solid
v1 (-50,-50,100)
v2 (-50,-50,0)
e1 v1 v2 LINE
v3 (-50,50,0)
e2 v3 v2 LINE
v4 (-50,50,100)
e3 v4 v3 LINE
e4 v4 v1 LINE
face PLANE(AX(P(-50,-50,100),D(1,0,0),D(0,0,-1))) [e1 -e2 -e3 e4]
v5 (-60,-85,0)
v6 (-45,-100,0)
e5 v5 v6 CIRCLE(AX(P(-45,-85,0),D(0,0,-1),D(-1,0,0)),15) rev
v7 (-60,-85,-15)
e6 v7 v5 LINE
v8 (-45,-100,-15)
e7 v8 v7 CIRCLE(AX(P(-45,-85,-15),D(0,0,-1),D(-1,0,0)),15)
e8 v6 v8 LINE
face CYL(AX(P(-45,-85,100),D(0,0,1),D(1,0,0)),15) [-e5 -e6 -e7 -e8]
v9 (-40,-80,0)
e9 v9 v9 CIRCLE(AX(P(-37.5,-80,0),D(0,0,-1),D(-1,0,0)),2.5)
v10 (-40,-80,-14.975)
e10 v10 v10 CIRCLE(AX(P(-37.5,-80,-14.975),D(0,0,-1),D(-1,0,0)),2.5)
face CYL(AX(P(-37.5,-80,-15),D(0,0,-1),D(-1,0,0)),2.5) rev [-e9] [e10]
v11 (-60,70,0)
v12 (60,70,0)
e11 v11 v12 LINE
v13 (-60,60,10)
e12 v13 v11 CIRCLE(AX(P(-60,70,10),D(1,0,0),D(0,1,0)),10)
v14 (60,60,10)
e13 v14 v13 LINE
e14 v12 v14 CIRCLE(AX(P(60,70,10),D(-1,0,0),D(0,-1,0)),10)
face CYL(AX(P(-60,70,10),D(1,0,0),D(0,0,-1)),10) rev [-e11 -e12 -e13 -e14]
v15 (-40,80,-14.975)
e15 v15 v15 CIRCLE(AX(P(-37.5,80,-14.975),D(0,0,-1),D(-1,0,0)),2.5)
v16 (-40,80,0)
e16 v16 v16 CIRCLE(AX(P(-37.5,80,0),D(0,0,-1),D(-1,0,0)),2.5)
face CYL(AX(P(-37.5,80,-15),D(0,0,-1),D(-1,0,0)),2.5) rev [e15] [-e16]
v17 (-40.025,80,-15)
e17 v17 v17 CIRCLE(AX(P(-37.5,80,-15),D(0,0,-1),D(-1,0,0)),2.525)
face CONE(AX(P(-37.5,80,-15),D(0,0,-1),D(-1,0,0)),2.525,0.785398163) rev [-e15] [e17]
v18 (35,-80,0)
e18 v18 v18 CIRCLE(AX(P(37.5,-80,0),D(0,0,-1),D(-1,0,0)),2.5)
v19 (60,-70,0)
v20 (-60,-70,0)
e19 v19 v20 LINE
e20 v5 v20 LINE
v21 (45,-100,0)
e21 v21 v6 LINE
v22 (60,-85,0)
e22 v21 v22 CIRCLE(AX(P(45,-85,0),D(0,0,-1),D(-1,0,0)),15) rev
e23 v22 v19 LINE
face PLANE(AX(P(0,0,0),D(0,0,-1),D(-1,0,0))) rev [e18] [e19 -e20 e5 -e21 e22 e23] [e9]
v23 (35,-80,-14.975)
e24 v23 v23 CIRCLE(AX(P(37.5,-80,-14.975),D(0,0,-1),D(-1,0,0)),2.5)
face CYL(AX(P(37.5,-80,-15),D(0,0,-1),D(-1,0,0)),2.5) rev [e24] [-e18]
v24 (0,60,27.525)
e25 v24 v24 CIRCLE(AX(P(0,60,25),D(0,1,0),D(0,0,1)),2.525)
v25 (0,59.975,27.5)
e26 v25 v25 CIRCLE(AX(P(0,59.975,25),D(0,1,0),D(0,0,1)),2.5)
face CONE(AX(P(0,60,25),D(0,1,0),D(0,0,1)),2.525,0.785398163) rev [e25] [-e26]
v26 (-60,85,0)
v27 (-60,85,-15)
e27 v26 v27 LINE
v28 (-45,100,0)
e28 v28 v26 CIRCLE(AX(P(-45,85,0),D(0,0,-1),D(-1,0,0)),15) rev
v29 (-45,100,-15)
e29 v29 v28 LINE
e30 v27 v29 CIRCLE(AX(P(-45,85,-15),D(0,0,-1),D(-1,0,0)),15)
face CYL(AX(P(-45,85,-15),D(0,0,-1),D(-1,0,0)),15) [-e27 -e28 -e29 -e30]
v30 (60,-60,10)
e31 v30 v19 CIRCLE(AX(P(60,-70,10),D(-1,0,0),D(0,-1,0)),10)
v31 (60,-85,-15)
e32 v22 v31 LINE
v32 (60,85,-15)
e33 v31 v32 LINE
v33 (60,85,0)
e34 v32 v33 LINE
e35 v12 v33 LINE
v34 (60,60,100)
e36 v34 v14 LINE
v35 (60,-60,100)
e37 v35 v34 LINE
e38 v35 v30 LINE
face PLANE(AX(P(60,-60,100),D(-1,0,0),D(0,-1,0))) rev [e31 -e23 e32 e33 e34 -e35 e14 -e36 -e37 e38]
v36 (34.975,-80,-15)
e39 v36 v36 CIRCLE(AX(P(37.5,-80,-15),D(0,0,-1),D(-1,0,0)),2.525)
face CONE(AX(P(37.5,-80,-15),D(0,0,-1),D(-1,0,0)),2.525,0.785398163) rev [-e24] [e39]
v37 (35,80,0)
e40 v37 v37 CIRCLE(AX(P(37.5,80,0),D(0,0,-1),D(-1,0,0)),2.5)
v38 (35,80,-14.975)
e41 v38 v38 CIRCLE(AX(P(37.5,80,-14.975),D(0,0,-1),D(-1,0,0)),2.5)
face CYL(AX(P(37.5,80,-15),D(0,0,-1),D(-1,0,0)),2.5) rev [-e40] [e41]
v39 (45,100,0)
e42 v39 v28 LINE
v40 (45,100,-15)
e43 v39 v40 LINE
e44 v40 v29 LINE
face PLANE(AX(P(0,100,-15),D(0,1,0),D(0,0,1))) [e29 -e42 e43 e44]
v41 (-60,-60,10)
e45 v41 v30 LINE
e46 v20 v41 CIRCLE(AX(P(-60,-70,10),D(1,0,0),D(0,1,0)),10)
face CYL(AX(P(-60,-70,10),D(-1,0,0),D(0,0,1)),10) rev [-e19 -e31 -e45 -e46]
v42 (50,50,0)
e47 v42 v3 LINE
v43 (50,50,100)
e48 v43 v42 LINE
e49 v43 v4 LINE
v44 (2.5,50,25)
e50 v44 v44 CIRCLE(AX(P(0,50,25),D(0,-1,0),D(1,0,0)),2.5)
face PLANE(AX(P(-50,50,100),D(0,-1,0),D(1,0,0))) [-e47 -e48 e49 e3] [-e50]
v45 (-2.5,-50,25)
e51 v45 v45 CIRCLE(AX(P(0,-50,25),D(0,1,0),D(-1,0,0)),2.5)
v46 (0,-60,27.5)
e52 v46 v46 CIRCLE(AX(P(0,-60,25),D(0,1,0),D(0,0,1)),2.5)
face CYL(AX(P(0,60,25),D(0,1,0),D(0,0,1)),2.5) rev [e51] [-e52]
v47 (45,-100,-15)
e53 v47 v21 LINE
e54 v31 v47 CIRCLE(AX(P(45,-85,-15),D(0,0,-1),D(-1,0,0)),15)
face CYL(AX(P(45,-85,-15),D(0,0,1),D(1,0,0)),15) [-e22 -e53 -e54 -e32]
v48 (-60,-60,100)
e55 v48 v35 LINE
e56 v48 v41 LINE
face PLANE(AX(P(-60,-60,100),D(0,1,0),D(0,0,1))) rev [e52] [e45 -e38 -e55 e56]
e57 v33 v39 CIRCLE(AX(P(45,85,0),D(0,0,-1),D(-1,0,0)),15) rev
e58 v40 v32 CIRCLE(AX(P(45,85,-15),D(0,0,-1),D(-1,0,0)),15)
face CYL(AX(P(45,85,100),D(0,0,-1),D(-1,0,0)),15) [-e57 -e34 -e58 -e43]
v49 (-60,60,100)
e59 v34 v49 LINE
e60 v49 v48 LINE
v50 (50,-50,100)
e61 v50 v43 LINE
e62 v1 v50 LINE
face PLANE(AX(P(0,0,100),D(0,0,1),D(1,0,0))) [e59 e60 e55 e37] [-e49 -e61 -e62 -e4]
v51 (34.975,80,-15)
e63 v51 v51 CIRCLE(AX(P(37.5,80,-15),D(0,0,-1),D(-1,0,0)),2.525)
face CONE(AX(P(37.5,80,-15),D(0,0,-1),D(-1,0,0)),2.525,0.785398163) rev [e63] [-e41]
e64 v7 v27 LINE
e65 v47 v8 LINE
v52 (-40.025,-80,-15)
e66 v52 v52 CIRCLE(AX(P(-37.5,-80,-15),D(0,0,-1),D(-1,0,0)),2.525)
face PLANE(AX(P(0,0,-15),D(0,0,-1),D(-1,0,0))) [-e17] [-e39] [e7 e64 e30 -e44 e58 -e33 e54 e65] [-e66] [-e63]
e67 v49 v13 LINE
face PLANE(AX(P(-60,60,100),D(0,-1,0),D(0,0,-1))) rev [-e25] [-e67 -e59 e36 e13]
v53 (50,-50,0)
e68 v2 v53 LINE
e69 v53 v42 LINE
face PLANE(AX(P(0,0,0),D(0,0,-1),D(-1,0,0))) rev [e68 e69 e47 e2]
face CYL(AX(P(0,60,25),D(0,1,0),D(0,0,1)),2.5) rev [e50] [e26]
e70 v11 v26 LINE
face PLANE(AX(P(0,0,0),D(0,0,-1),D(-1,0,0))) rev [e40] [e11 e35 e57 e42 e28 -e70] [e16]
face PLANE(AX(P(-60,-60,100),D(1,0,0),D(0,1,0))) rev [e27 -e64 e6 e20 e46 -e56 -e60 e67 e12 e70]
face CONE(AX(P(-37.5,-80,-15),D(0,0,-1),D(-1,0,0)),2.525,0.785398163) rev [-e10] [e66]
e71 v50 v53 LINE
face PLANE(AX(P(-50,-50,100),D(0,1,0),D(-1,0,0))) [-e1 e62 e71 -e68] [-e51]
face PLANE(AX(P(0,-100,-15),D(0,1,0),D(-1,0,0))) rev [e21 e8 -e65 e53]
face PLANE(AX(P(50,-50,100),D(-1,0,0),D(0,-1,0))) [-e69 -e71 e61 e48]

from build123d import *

# Parameters (mm, degrees)
SKETCH1_W                       = 120
SKETCH1_H                       = 120
SKETCH1_W_2                     = 100
SKETCH1_H_2                     = 100
BOSS_EXTRUDE1_DEPTH             = 100
SKETCH2_W                       = 120
SKETCH2_H                       = 40
SKETCH2_H_2                     = 120
SKETCH2_W_2                     = 100
SKETCH2_H_3                     = 100
BOSS_EXTRUDE2_DEPTH             = 15
F_5_0MM_DOWEL_HOLE2_D           = 5
F_5_0MM_DOWEL_HOLE2_CSINK_D     = 5.05
F_5_0MM_DOWEL_HOLE2_CSINK_ANGLE = 90
F_5_0MM_DOWEL_HOLE1_D           = 5
F_5_0MM_DOWEL_HOLE1_CSINK_D     = 5.05
F_5_0MM_DOWEL_HOLE1_CSINK_ANGLE = 90
FILLET1_R                       = 15
FILLET2_R                       = 10


with BuildPart() as part:
    # Sketch1 → Boss-Extrude1 (new body)
    with BuildSketch(Plane(origin=(0, 0, 0), x_dir=(0, 1, 0), z_dir=(0, 0, 1))):
        Rectangle(SKETCH1_W, SKETCH1_H)
        Rectangle(SKETCH1_W_2, SKETCH1_H_2, mode=Mode.SUBTRACT)
    extrude(amount=BOSS_EXTRUDE1_DEPTH)

    # Sketch2 → Boss-Extrude2 (add)
    # profile 1 of 4: a face of its own
    with BuildSketch(Plane(origin=(0, 0, 0), x_dir=(1, 0, 0), z_dir=(0, 0, -1))):
        with Locations((0, 80)):
            Rectangle(SKETCH2_W, SKETCH2_H)
    # profile 2 of 4: a face of its own
    with BuildSketch(Plane(origin=(0, 0, 0), x_dir=(1, 0, 0), z_dir=(0, 0, -1))):
        with Locations((0, -80)):
            Rectangle(SKETCH2_W, SKETCH2_H)
    # profile 3 of 4: a face of its own
    with BuildSketch(Plane(origin=(0, 0, 0), x_dir=(1, 0, 0), z_dir=(0, 0, -1))):
        Rectangle(SKETCH2_W, SKETCH2_H_2)
        Rectangle(SKETCH2_W_2, SKETCH2_H_3, mode=Mode.SUBTRACT)
    # profile 4 of 4: a face of its own
    with BuildSketch(Plane(origin=(0, 0, 0), x_dir=(1, 0, 0), z_dir=(0, 0, -1))):
        Rectangle(SKETCH2_W_2, SKETCH2_H_3)
    extrude(amount=BOSS_EXTRUDE2_DEPTH)

    # Ø5.0mm Dowel Hole2 (through all)
    with Locations(Plane(origin=(0, 0, -15), x_dir=(1, 0, 0), z_dir=(0, 0, -1))):
        with Locations((37.5, -80), (-37.5, 80), (37.5, 80), (-37.5, -80)):
            CounterSinkHole(F_5_0MM_DOWEL_HOLE2_D / 2, F_5_0MM_DOWEL_HOLE2_CSINK_D / 2, counter_sink_angle=F_5_0MM_DOWEL_HOLE2_CSINK_ANGLE)

    # Ø5.0mm Dowel Hole1 (through all)
    with Locations(Plane(origin=(0, 60, 0), x_dir=(-1, 0, 0), z_dir=(0, 1, 0))):
        with Locations((0, 25)):
            CounterSinkHole(F_5_0MM_DOWEL_HOLE1_D / 2, F_5_0MM_DOWEL_HOLE1_CSINK_D / 2, counter_sink_angle=F_5_0MM_DOWEL_HOLE1_CSINK_ANGLE)

    # Fillet1
    fillet1_edges = [part.edges().sort_by_distance(p)[0] for p in [
        (60, -100, -7.5),
        (-60, -100, -7.5),
        (-60, 100, -7.5),
        (60, 100, -7.5),
    ]]
    fillet(fillet1_edges, radius=FILLET1_R)

    # Fillet2
    fillet2_edges = [part.edges().sort_by_distance(p)[0] for p in [
        (0, 60, 0),
        (0, -60, 0),
    ]]
    fillet(fillet2_edges, radius=FILLET2_R)


solid = part.part
